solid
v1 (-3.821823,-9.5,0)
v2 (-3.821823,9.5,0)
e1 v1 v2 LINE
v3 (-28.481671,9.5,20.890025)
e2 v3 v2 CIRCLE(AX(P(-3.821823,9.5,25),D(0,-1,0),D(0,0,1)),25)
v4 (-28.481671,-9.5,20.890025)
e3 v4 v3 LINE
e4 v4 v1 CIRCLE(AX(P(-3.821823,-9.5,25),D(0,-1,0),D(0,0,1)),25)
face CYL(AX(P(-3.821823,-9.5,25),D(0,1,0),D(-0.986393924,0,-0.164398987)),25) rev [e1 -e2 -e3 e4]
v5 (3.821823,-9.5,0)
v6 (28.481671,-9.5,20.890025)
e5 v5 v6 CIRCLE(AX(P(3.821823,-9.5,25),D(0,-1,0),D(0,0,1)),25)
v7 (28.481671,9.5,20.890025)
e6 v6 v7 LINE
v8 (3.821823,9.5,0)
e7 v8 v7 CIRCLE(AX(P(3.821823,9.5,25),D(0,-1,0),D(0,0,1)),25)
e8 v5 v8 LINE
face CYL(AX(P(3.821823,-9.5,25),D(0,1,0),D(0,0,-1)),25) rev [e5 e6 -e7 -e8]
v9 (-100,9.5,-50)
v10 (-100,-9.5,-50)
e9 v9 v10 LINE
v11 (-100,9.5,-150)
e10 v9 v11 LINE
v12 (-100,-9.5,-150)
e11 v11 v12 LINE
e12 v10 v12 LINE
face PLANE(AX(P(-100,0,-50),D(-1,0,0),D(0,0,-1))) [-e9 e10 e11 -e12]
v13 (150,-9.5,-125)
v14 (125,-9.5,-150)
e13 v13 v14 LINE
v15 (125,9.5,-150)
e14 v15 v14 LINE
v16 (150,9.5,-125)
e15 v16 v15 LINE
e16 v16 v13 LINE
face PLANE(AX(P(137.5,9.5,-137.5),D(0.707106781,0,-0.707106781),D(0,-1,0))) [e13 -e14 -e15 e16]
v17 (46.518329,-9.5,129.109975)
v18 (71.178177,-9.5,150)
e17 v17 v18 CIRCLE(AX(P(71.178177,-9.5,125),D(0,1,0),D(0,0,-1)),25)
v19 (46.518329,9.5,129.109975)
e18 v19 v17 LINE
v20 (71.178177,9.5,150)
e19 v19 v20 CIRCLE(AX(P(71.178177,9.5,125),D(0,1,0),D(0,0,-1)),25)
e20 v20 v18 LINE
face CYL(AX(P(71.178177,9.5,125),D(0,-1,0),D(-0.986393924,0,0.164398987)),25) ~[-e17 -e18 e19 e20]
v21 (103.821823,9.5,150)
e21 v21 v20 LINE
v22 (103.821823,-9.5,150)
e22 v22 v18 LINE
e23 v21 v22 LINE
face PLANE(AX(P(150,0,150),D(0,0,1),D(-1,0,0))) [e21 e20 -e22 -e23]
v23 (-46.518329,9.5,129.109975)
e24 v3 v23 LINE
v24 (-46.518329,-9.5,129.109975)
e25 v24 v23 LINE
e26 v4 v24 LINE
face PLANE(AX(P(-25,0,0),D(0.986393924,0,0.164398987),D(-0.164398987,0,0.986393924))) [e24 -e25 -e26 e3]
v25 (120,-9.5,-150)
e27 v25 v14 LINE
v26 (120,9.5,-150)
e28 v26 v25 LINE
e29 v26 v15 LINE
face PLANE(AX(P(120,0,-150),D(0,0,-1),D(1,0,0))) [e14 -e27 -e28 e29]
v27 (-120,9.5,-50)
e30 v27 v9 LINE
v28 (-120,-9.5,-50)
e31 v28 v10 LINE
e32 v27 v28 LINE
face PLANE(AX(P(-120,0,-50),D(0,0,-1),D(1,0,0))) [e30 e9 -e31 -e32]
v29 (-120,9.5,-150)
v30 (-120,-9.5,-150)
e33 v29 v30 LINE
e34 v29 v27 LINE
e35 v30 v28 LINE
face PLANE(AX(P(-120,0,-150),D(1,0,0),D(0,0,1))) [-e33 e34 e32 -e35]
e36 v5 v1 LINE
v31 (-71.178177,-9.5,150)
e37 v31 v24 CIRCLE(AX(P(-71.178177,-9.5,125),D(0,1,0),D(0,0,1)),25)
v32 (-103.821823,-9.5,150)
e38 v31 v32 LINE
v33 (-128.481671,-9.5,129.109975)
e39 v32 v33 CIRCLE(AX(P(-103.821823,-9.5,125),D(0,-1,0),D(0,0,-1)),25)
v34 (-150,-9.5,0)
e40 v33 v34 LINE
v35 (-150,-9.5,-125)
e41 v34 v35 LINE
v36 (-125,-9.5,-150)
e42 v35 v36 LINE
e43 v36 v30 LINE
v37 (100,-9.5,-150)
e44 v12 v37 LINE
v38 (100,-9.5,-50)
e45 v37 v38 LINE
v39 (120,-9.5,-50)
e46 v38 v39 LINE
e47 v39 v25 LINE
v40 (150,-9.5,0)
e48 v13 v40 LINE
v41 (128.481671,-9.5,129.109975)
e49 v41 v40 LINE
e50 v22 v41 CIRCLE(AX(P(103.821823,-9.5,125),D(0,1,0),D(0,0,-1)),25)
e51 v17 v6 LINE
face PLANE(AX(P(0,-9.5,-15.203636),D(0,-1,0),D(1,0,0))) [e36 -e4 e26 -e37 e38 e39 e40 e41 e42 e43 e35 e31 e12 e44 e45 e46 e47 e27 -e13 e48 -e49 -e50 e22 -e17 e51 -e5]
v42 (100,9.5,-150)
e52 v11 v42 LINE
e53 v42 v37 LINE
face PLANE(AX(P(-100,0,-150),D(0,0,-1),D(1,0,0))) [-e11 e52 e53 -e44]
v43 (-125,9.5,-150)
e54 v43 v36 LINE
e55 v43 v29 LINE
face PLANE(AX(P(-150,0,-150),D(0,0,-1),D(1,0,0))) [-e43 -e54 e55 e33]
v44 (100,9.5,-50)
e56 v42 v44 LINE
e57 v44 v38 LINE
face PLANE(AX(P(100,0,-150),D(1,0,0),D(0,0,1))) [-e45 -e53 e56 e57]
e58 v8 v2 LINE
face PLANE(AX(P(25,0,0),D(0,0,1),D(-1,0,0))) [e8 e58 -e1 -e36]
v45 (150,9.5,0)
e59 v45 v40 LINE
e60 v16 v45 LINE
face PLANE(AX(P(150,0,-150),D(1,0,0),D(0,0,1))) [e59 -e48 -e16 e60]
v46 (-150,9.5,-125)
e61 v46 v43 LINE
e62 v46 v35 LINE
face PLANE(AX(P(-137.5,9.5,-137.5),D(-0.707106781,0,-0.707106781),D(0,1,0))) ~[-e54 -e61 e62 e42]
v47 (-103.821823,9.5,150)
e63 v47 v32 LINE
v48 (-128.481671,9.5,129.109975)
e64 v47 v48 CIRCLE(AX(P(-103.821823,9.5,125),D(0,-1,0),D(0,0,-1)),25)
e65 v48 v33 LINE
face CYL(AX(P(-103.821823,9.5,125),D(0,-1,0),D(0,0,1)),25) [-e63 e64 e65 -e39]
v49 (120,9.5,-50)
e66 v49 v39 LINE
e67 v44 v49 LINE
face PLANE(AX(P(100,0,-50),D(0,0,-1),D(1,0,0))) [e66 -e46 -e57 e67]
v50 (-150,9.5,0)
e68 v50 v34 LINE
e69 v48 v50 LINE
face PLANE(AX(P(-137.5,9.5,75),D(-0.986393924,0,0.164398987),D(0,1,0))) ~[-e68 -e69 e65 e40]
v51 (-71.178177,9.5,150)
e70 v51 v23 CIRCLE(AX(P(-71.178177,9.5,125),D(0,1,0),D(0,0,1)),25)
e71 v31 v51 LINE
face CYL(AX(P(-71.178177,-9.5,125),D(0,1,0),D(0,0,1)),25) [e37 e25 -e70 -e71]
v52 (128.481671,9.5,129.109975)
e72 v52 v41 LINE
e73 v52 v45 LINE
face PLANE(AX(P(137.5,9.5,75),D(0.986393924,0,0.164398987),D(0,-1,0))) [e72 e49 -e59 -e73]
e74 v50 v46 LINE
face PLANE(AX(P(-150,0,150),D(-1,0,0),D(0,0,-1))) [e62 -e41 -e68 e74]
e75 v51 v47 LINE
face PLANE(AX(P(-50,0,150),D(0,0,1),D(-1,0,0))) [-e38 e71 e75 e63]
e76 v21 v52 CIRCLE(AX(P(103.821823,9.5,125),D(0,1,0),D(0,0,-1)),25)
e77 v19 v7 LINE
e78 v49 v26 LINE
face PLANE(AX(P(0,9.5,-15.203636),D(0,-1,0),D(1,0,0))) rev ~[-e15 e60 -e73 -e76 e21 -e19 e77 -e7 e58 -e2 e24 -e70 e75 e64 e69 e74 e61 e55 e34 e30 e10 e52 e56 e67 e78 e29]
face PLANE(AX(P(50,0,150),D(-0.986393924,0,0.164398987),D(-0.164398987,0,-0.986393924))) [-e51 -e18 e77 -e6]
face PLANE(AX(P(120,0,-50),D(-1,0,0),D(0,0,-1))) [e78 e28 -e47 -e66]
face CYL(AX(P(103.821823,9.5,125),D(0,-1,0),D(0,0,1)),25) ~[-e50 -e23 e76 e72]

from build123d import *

# Parameters (mm, degrees)
F1_DEPTH = 9.5
F2_SIZE2 = 150
F2_SIZE  = 25
F3_SIZE2 = 150
F3_SIZE  = 25
F4_R     = 25
F5_SIZE  = 25


with BuildPart() as f1:
    # F0 (on Front) → F1 (new body, symmetric)
    with BuildSketch(Plane.XZ):
        Polygon((-50, 150), (-150, 150), (-150, -150), (-120, -150), (-120, -50), (-100, -50), (-100, -150), (0, -150), (100, -150), (100, -50), (120, -50), (120, -150), (150, -150), (150, 150), (50, 150), (25, 0), (0, 0), (-25, 0), align=None)
    extrude(amount=F1_DEPTH, both=True)

    # F2
    f2_edges = [f1.edges().sort_by_distance(p)[0] for p in [
        (150, 0, 150),
    ]]
    f2_side = f1.faces().sort_by_distance((100, 0, 150))[0]
    chamfer(f2_edges, length=F2_SIZE, length2=F2_SIZE2, reference=f2_side)

    # F3
    f3_edges = [f1.edges().sort_by_distance(p)[0] for p in [
        (-150, 0, 150),
    ]]
    f3_side = f1.faces().sort_by_distance((-100, 0, 150))[0]
    chamfer(f3_edges, length=F3_SIZE, length2=F3_SIZE2, reference=f3_side)

    # F4
    f4_edges = [f1.edges().sort_by_distance(p)[0] for p in [
        (-125, 0, 150),
        (-50, 0, 150),
        (50, 0, 150),
        (125, 0, 150),
        (25, 0, 0),
        (-25, 0, 0),
    ]]
    fillet(f4_edges, radius=F4_R)

    # F5
    f5_edges = [f1.edges().sort_by_distance(p)[0] for p in [
        (-150, 0, -150),
        (150, 0, -150),
    ]]
    chamfer(f5_edges, length=F5_SIZE)


solid = f1.part
